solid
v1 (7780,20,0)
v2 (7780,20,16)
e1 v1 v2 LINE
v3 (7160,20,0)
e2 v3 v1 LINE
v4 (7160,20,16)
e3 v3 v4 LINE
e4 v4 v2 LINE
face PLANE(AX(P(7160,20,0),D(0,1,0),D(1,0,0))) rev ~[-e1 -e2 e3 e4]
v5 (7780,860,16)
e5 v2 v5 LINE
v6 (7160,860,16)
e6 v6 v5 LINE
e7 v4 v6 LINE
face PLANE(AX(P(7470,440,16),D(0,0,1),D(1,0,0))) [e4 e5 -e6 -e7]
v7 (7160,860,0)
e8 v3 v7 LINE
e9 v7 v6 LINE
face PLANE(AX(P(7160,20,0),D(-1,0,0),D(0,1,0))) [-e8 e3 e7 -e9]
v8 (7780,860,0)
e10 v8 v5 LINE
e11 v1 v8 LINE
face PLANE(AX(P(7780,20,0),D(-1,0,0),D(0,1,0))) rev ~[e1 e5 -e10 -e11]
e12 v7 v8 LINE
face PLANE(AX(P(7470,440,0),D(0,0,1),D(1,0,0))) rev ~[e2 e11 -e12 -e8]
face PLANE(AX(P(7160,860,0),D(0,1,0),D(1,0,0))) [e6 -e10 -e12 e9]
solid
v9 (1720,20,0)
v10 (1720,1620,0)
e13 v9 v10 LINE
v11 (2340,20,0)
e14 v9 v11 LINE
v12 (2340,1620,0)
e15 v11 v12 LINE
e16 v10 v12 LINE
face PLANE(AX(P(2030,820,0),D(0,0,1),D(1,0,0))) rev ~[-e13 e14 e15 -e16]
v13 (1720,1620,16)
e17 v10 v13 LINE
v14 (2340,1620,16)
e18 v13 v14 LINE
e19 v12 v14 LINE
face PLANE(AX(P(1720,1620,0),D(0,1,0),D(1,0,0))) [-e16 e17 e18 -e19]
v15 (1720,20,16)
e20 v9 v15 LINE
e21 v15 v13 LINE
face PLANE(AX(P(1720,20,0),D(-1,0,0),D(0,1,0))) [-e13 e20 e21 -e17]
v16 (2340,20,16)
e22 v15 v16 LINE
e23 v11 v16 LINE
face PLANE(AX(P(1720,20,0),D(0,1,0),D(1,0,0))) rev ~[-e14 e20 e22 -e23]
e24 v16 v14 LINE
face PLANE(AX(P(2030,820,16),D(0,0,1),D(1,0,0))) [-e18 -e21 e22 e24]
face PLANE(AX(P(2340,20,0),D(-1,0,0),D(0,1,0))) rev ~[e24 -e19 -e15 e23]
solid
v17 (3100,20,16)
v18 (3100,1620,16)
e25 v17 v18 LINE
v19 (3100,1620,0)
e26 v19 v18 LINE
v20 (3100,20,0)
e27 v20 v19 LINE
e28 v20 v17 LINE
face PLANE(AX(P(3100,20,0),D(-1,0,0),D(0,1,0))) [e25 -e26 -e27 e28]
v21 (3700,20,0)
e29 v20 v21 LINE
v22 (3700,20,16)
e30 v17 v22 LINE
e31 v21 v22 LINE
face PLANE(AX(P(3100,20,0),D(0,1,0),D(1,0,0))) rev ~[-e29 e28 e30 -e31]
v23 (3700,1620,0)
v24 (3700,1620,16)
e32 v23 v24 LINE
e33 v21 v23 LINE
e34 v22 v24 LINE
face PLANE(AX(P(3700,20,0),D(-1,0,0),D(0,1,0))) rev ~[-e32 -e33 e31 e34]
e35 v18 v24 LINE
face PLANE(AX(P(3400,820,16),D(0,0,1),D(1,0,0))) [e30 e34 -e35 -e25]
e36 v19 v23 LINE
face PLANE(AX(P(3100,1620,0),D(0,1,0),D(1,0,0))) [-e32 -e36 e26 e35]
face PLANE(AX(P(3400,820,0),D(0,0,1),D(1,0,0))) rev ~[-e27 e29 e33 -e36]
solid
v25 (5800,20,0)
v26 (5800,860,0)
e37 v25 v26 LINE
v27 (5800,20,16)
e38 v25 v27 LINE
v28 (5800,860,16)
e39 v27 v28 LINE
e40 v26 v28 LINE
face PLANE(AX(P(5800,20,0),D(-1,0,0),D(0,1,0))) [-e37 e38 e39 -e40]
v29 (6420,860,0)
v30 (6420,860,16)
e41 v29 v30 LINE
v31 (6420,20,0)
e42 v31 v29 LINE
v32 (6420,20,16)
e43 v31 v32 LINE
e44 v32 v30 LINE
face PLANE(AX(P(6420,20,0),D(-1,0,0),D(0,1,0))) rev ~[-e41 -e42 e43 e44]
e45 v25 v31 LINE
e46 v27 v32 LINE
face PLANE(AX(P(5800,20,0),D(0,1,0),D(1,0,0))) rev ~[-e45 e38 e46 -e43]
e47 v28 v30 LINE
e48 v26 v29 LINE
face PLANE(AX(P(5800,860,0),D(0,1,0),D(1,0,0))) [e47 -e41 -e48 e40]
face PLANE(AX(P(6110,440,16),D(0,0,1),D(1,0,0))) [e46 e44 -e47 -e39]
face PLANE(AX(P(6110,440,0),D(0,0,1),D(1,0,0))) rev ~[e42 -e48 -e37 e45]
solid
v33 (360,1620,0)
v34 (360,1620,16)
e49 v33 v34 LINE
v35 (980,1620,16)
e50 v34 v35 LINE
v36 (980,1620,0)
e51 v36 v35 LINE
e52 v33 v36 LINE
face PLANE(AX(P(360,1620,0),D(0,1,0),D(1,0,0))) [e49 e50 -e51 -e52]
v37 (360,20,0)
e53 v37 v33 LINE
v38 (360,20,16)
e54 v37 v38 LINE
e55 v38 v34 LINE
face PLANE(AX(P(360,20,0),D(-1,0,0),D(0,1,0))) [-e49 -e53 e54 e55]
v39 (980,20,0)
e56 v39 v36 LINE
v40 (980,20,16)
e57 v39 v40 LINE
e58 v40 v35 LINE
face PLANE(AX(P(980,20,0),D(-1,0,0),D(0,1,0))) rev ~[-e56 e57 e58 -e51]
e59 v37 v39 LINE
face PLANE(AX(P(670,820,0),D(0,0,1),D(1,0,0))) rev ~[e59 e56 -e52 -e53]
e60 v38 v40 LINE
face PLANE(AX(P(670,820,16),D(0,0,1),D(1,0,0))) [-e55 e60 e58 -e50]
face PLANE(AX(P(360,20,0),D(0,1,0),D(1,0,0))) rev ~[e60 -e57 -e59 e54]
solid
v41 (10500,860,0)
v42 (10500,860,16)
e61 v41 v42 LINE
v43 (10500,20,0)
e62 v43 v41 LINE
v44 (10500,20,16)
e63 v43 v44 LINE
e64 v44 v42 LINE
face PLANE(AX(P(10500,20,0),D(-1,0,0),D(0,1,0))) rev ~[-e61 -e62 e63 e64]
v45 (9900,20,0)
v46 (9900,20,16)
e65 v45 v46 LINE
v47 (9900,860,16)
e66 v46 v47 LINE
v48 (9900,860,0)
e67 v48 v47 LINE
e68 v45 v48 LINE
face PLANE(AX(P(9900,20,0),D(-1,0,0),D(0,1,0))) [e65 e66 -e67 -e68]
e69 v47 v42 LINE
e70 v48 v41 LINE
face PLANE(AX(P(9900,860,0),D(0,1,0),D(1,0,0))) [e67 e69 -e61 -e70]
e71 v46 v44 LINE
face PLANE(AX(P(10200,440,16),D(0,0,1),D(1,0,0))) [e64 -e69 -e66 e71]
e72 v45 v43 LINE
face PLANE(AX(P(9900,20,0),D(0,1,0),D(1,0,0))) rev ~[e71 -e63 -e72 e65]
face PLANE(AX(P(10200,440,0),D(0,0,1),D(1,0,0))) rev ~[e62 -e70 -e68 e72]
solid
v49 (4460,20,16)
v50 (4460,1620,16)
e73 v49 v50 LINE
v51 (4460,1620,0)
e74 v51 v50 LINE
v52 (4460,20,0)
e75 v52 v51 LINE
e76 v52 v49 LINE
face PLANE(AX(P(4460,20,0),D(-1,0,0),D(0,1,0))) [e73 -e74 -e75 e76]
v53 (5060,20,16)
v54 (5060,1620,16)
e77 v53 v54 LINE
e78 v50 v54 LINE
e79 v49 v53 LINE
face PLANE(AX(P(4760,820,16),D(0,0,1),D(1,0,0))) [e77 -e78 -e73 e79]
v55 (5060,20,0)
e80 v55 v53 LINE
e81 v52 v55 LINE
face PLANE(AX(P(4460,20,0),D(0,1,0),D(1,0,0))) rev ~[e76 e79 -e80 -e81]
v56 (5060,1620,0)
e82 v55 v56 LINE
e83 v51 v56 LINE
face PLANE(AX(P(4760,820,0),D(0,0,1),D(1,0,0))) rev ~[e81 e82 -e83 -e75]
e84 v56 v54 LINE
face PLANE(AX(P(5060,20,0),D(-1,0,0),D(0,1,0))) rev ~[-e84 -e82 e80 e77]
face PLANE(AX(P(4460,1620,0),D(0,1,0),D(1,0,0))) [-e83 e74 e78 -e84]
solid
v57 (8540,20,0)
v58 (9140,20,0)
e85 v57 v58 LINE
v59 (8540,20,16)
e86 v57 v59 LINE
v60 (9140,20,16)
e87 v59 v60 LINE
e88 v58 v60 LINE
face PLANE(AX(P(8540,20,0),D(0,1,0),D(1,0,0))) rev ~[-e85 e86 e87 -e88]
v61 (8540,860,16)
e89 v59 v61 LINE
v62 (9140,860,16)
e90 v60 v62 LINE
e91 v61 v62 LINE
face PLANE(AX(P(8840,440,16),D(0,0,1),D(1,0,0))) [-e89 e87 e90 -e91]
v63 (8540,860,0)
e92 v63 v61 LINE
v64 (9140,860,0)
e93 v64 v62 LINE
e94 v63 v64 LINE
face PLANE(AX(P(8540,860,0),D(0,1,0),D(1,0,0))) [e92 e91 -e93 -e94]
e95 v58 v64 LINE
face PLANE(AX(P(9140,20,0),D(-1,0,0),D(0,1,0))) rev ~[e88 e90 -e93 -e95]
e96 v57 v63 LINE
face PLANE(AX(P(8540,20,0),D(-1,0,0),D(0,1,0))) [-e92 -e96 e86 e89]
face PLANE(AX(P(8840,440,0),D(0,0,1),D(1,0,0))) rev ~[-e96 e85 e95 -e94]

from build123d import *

# Parameters (mm, degrees)
F1_W     = 620
F1_H     = 1600
F1_W_2   = 600
F1_H_2   = 840
F2_DEPTH = 16


with BuildPart() as f2:
    # F1 (on Top) → F2 (new body)
    with BuildSketch(Plane.XY):
        with Locations((670, 820)):
            Rectangle(F1_W, F1_H)
        with Locations((2030, 820)):
            Rectangle(F1_W, F1_H)
        with Locations((3400, 820)):
            Rectangle(F1_W_2, F1_H)
        with Locations((4760, 820)):
            Rectangle(F1_W_2, F1_H)
        with Locations((6110, 440)):
            Rectangle(F1_W, F1_H_2)
        with Locations((7470, 440)):
            Rectangle(F1_W, F1_H_2)
        with Locations((8840, 440)):
            Rectangle(F1_W_2, F1_H_2)
        with Locations((10200, 440)):
            Rectangle(F1_W_2, F1_H_2)
    extrude(amount=F2_DEPTH)


solid = f2.part
